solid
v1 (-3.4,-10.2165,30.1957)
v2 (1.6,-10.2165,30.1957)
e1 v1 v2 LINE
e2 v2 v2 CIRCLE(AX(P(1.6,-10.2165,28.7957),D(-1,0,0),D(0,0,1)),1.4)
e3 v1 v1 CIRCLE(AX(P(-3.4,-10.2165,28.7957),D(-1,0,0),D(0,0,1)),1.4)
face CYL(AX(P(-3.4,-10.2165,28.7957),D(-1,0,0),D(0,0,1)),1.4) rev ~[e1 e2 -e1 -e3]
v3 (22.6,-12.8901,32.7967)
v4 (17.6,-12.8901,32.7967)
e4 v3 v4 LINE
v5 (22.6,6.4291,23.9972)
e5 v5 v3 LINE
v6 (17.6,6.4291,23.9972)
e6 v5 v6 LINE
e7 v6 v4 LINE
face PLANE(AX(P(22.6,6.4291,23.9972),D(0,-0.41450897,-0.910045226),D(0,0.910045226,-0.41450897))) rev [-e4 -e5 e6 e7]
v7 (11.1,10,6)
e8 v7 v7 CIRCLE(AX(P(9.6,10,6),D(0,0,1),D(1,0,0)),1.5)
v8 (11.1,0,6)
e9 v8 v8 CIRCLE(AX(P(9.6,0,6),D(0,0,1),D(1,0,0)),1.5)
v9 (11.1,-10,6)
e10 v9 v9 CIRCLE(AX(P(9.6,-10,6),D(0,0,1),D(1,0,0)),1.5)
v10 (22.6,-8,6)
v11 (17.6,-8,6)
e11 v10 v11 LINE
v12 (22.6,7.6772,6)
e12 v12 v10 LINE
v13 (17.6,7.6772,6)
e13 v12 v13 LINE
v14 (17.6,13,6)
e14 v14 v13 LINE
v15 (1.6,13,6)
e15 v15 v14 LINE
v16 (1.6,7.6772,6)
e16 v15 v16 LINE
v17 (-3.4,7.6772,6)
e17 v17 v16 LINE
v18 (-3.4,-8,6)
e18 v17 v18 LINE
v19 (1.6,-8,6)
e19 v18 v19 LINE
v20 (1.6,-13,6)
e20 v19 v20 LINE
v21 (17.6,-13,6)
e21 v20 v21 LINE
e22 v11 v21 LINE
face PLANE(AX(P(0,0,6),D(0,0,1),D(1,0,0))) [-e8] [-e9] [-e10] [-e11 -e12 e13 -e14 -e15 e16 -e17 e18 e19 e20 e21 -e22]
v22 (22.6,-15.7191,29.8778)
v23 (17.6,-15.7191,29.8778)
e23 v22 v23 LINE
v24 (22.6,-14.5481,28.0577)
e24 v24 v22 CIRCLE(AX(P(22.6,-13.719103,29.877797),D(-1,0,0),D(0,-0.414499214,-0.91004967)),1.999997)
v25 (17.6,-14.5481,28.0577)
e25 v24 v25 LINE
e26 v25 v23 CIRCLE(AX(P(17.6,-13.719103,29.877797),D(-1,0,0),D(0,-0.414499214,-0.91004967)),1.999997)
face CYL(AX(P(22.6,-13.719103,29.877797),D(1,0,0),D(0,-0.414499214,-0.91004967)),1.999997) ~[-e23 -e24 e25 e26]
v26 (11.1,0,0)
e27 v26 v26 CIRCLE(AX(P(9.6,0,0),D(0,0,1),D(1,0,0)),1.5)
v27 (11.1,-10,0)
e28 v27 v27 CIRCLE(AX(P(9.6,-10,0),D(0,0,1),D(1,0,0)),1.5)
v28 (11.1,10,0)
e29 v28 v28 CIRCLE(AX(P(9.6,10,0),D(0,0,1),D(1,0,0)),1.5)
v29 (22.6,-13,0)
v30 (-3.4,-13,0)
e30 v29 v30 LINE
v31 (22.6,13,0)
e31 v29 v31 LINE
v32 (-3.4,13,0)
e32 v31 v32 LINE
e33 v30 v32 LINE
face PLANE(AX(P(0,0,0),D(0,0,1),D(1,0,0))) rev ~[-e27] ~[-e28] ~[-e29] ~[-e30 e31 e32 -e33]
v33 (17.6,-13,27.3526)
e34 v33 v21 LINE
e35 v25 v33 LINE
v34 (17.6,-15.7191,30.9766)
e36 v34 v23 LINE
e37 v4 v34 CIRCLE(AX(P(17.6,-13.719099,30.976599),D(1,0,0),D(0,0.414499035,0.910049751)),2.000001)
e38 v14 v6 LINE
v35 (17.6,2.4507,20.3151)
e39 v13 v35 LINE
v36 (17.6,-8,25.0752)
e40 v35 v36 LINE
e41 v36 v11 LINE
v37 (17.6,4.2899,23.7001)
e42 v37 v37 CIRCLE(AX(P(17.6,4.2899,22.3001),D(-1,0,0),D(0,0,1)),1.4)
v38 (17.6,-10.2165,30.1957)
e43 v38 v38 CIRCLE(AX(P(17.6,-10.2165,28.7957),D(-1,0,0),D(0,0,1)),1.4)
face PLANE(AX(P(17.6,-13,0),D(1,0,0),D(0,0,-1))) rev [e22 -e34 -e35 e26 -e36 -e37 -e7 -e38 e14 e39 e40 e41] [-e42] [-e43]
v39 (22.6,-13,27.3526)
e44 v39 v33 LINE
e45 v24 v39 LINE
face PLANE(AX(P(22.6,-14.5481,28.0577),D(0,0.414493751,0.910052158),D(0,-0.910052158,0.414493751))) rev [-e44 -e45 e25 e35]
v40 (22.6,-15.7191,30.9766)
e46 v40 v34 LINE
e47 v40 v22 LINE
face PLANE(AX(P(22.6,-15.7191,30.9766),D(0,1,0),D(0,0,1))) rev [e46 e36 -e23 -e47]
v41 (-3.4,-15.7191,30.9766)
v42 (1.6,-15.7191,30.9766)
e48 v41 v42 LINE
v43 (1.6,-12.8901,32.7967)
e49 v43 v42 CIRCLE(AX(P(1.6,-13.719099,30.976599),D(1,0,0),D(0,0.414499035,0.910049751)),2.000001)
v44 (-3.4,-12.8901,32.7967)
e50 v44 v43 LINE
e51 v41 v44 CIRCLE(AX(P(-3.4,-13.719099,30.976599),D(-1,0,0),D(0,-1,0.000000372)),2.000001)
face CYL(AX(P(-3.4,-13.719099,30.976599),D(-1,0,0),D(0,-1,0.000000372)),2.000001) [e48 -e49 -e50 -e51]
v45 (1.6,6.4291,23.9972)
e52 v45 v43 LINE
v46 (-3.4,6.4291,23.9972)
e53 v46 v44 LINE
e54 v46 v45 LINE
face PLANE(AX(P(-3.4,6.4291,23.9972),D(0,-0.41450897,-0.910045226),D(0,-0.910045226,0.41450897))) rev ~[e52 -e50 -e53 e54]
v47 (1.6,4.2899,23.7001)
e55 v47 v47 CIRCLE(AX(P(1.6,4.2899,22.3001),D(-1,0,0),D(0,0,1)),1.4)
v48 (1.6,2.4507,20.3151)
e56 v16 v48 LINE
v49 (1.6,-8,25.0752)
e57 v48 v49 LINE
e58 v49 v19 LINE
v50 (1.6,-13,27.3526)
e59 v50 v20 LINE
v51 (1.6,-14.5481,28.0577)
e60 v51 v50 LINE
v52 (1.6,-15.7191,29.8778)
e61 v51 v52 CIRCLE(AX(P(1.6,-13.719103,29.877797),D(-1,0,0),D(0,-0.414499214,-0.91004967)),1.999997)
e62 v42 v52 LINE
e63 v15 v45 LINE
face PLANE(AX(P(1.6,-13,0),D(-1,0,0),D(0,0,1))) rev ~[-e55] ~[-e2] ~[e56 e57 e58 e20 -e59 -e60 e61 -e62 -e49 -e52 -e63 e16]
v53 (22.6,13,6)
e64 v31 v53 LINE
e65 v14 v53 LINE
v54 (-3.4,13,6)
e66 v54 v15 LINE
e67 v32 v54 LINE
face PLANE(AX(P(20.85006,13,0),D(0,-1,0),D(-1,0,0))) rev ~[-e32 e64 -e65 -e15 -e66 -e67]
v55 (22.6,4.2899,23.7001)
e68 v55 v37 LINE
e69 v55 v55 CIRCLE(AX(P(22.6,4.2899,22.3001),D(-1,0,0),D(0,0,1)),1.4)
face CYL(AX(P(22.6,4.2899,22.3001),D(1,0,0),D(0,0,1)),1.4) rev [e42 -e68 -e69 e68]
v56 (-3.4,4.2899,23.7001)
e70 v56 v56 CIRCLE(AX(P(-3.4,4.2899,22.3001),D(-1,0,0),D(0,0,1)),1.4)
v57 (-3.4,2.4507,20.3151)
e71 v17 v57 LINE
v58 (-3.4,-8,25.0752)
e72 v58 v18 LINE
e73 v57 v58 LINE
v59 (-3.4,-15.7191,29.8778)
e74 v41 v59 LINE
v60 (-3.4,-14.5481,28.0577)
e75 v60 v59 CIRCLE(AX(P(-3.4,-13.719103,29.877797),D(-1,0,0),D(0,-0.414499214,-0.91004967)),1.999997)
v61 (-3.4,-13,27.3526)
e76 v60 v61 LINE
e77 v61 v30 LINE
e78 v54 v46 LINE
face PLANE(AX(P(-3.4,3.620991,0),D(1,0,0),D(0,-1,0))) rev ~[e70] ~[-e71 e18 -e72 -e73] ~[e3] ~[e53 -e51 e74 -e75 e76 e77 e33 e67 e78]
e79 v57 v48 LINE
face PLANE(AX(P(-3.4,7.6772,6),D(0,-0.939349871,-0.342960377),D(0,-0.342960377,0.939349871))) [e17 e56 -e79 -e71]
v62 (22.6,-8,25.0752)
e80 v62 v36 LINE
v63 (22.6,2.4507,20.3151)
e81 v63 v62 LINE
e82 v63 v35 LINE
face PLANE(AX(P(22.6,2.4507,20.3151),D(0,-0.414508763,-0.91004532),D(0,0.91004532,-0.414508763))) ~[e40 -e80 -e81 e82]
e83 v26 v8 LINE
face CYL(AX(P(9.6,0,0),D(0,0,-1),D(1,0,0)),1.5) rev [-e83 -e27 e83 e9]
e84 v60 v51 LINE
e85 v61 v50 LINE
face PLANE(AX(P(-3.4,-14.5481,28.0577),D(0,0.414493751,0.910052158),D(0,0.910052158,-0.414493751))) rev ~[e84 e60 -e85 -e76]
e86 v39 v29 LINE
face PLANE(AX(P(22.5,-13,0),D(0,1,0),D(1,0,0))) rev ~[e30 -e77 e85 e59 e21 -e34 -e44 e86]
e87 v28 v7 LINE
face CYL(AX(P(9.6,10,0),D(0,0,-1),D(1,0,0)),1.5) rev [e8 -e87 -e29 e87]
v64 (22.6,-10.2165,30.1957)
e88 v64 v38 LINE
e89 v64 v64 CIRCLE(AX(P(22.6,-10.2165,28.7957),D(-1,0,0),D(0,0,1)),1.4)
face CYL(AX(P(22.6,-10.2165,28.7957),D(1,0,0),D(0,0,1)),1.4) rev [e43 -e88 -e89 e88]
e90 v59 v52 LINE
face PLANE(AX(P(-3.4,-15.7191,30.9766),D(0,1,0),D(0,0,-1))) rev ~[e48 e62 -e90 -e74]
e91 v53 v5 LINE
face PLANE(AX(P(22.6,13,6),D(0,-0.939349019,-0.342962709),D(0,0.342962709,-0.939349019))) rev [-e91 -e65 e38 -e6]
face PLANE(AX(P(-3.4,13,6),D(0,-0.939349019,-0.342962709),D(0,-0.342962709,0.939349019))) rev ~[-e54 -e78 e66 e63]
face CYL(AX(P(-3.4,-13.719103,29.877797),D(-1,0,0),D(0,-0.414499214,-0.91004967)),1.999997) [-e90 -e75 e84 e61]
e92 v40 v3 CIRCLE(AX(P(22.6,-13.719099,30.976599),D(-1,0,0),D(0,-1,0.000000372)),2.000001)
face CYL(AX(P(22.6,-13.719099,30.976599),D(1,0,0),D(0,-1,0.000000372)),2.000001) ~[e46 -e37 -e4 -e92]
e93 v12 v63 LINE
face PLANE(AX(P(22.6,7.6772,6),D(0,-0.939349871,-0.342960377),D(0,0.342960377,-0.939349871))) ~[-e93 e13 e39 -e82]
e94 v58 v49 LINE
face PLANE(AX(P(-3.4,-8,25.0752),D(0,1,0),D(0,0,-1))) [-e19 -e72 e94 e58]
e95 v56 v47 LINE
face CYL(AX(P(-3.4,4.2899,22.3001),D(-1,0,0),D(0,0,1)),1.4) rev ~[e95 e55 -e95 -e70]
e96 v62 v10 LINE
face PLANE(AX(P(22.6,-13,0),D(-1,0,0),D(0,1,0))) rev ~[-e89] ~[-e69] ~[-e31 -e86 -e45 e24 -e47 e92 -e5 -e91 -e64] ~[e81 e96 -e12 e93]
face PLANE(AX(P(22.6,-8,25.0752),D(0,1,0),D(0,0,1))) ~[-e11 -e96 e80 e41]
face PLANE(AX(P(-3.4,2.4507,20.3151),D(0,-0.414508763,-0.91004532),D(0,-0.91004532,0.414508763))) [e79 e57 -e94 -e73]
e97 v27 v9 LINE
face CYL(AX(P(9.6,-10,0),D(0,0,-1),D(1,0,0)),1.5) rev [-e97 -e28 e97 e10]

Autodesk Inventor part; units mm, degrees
ref_plane "YZ Plane" through (0, 0, 0) normal (1, 0, 0) x (0, 1, 0)
ref_plane "XZ Plane" through (0, 0, 0) normal (0, 1, 0) x (-1, 0, 0)
ref_plane "XY Plane" through (0, 0, 0) normal (0, 0, 1) x (1, 0, 0)
ref_plane "Arbeitsebene1" through (0, 0, 0) normal (0, 0, 1) x (1, 0, 0)
sketch "Skizze1" plane through (0, 0, 0) normal (0, 0, 1) x (1, 0, 0)
  circle A0 centre (19.6, 0) radius 1.5 projected
  circle A1 centre (9.6, 0) radius 1.5 projected
  circle A2 centre (-0.4, 0) radius 1.5 projected
  circle A3 centre (9.6, -10) radius 1.5 projected
  circle A4 centre (9.6, 10) radius 1.5 projected
  arc A5 (22.5, -8.5328) -> (22.5, -11.4672) centre (19.6, -10) ccw projected
  arc A6 (22.5, 11.4672) -> (17.6036, 7.4354) centre (19.6, 10) ccw projected
  line L0 (-3.3, 16.2) -> (-22.5, 16.2) projected
  line L1 (-22.5, 16.2) -> (-22.5, -16.2) projected
  line L2 (-22.5, -16.2) -> (22.5, -16.2) projected
  line L3 (22.5, -16.2) -> (22.5, -11.4672) projected
  circle A7 centre (-0.4, -10) radius 3.25 projected
  line L4 (-3.4, -13) -> (22.6, -13)
  line L5 (22.6, -13) -> (22.6, 13)
  line L6 (22.6, 13) -> (-3.4, 13)
  line L7 (-3.4, 13) -> (-3.4, -13)
  line L8 (-3.4, -13) -> (22.6, 13) construction
  line L9 (22.6, -13) -> (-3.4, 13) construction
  arc A8 (1.5964, 7.4354) -> (-2.3964, 7.4354) centre (-0.4, 10) ccw projected
  arc A9 (-2.3964, 7.4354) -> (1.5964, 7.4354) centre (-0.4, 4.8709) ccw projected
  arc A10 (-3.3, 23.4037) -> (-3.3, 26.3381) centre (-0.4, 24.8709) ccw projected
  line L10 (-3.3, 23.4037) -> (-3.3, 16.2) projected
  line L11 (22.5, -8.5328) -> (22.5, 3.4037) projected
  arc A11 (17.6036, 7.4354) -> (22.5, 3.4037) centre (19.6, 4.8709) ccw projected
  line L12 (22.5, 11.4672) -> (22.5, 23.4037) projected
  arc A12 (22.5, 26.3381) -> (22.5, 23.4037) centre (19.6, 24.8709) ccw projected
  line L13 (22.5, 26.3381) -> (22.5, 28.2) projected
  line L14 (22.5, 28.2) -> (-3.3, 28.2) projected
  line L15 (-3.3, 28.2) -> (-3.3, 26.3381) projected
  point P0 (0, 0)
  point P1 (22.5, 16.2)
  dimension "d0" = 26
  dimension "d1" = 26
extrude "Extrusion1" add sketch "Skizze1" along normal blind 6 contours L11 A11 A6 L6 L12 L5 L4 L3 A5 | A5 L4 A7 L7 A9 A8 L6 A6 A11 L11 | A5 L3 L4 | L4 A7 L7 | L4 L7 A7 | L6 L12 A6 | A8 A9 L7 L6 | A8 L7 L6 | L7 A8 A9
sketch "Skizze2" plane through (-3.4, -13, 0) normal (-1, 0, 0) x (0, 0, 1)
  line L0 (0, 26) -> (0, 0) projected
  line L1 (0, 0) -> (6, 0) projected
  line L2 (6, 26) -> (6, 0) projected
  line L3 (0, 26) -> (6, 26) projected
  line L4 (6, 26) -> (23.9972, 19.4291)
  line L5 (23.9972, 19.4291) -> (32.8468, 0)
  line L6 (32.8468, 0) -> (27.3526, 0)
  line L7 (6, 24.5) -> (6, 20.6772)
  line L8 (27.3526, 0) -> (6, 0)
  line L9 (6, 20.6772) -> (20.3151, 15.4507)
  line L10 (20.3151, 15.4507) -> (25.0752, 5)
  line L11 (25.0752, 5) -> (6, 5)
  line L12 (32.8468, 0) -> (32.7967, 0.1099)
  line L13 (30.9766, -2.7191) -> (29.8778, -2.7191)
  line L14 (28.0577, -1.5481) -> (27.3526, 0)
  arc A0 (30.9766, -2.7191) -> (32.7967, 0.1099) centre (30.9766, -0.7191) ccw
  arc A1 (28.0577, -1.5481) -> (29.8778, -2.7191) centre (29.8778, -0.7191) ccw
  circle A2 centre (28.7957, 2.7835) radius 1.4
  circle A3 centre (22.3001, 17.2899) radius 1.4
  point P0 (0, 13)
  point P1 (32.8429, 0)
  point P2 (32.7967, 0.1099)
  dimension "d4" = 5
  dimension "d6" = 5
  dimension "d7" = 5
  dimension "d8" = 0
  dimension "d9" = 2
  dimension "d12" = 2.8
  dimension "d13" = 2.8
extrude "Extrusion2" add sketch "Skizze2" against normal blind 5 contours L3 L2 L1 L0 | L4 L5 A0 L6 L8 L2 L11 L10 L9 | L6 A0 L13 A1 L14
ref_plane "Arbeitsebene2" through (9.6, -13, 0) normal (-1, 0, 0) x (0, 0, 1)
mirror "Spiegeln1" about plane through (9.6, -13, 0) normal (-1, 0, 0) of "Extrusion2"
properties part number "Gripper_linear_finger"
